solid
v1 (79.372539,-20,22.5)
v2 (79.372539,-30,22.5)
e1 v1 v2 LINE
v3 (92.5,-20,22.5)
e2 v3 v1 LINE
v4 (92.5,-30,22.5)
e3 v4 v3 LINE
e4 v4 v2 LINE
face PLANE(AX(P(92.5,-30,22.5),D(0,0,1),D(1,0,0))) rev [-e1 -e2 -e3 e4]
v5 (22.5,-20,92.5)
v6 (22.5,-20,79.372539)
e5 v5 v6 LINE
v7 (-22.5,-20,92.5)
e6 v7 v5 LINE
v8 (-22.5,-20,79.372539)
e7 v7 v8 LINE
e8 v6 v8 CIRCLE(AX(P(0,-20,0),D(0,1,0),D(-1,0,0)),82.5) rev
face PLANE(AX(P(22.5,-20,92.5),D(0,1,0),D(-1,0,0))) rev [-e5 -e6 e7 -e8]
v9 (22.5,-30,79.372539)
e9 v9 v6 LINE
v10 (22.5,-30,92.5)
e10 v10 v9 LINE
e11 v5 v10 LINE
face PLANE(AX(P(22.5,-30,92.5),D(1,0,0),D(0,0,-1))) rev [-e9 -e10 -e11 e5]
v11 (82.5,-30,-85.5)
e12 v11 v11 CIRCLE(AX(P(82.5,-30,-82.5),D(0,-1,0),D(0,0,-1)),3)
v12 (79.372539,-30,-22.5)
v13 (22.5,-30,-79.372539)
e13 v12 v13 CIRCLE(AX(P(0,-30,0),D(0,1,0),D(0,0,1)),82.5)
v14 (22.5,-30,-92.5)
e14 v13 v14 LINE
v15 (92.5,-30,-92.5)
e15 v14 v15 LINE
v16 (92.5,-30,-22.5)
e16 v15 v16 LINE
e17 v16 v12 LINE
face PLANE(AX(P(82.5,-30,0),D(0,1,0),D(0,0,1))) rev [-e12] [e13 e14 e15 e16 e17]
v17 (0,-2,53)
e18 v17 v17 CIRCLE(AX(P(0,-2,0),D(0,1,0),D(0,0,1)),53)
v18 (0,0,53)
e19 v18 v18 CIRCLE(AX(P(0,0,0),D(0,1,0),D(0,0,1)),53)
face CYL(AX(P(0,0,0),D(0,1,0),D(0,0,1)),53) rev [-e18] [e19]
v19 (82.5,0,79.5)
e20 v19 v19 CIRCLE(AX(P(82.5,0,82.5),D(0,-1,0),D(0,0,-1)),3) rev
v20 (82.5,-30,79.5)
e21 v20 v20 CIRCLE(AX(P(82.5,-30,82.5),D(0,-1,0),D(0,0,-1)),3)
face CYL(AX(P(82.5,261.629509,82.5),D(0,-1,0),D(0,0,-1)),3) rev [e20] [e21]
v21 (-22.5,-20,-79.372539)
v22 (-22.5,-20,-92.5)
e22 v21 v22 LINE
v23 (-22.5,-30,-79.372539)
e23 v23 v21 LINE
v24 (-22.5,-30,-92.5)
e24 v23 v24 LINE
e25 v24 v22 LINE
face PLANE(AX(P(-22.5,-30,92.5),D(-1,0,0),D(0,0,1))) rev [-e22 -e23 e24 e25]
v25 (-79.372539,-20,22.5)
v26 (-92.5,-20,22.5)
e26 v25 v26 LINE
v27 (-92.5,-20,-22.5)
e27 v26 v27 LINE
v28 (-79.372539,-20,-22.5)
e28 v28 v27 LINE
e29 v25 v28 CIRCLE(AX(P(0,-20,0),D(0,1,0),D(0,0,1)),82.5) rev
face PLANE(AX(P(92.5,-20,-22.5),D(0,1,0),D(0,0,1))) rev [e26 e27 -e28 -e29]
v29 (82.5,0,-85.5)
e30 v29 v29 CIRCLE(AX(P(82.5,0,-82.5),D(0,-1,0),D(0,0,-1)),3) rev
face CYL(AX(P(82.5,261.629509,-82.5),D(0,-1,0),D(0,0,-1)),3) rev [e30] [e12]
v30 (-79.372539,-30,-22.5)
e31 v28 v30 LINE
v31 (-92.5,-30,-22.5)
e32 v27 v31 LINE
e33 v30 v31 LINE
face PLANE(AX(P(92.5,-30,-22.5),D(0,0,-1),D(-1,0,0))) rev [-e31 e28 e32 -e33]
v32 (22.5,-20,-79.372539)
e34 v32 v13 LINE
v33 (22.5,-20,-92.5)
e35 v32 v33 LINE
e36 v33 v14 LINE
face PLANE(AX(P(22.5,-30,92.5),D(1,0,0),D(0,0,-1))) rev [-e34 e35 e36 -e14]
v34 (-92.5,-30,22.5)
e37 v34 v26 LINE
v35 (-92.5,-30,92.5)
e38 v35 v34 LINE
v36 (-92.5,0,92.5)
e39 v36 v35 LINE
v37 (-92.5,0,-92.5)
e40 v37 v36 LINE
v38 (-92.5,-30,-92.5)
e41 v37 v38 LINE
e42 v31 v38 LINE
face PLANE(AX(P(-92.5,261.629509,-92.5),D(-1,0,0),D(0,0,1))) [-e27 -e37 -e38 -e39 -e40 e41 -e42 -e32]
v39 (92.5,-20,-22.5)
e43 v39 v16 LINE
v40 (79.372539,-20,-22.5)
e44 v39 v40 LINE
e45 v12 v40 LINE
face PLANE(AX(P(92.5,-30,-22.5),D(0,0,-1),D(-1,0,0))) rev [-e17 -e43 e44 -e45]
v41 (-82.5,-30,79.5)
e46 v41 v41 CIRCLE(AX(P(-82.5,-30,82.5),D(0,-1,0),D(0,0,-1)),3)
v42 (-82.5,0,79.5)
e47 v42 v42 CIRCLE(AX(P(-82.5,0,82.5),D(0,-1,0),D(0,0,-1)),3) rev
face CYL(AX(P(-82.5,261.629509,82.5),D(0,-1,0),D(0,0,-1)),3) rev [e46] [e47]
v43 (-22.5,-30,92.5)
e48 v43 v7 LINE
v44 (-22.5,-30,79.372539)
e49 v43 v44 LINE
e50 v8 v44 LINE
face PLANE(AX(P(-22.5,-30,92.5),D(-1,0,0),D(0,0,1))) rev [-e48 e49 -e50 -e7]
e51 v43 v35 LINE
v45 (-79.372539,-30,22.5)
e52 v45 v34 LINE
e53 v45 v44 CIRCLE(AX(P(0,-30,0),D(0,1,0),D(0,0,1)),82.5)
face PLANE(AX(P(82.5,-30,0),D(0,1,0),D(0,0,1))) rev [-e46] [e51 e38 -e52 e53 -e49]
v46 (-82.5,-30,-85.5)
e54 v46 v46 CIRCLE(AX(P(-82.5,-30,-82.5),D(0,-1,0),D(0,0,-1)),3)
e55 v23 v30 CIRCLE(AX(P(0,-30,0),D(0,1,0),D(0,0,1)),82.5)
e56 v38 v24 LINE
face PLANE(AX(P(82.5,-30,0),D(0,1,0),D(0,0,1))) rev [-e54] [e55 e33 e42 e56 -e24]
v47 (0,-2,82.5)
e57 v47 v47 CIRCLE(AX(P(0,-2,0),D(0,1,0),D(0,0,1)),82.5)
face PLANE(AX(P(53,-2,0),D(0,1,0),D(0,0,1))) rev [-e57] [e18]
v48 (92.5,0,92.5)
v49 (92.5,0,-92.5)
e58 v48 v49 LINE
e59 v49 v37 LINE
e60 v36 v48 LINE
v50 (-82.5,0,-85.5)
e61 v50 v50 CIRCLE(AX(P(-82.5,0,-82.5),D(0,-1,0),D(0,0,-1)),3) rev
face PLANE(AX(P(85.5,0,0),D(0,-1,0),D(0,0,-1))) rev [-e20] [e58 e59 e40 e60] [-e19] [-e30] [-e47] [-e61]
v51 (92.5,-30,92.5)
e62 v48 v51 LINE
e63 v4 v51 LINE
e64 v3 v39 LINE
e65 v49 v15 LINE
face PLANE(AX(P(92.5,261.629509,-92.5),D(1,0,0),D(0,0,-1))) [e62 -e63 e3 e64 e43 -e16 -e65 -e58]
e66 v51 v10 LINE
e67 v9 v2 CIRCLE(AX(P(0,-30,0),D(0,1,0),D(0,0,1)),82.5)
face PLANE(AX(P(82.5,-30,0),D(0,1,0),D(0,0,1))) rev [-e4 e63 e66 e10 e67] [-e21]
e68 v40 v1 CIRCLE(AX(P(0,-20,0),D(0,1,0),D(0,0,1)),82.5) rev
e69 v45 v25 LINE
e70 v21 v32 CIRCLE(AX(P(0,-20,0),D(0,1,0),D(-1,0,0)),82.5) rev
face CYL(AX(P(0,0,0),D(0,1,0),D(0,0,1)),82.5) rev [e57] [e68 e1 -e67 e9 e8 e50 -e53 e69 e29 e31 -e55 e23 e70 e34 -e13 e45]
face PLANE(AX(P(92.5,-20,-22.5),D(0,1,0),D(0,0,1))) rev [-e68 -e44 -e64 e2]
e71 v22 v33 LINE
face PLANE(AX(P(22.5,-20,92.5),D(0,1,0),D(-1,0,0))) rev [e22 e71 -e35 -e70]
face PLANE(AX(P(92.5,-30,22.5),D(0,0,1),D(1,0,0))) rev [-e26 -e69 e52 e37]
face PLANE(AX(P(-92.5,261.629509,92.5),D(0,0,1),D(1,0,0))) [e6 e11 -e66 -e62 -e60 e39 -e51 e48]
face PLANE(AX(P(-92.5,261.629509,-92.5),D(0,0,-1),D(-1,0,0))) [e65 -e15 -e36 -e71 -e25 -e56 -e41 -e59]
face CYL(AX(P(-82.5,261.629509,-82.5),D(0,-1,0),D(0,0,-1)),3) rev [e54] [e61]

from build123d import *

# Parameters (mm, degrees)
BOSS_EXTRUDE1_START = -30
SKETCH2_W           = 185
SKETCH2_H           = 185
SKETCH2_R           = 85.5
SKETCH2_R_2         = 3
BOSS_EXTRUDE1_DEPTH = 30
SKETCH3_W           = 45
SKETCH3_H           = 10
CUT_EXTRUDE1_DEPTH  = 210.000598085
SKETCH4_W           = 45
SKETCH4_H           = 10
CUT_EXTRUDE2_DEPTH  = 210.000598085


with BuildPart() as part:
    # Sketch1 → Revolve1 (revolve)
    with BuildSketch(Plane.XY, mode=Mode.PRIVATE) as revolve1_sk:
        Polygon((53, -2), (82.5, -2), (82.5, -30), (85.5, -30), (85.5, 0), (53, 0), align=None)
    revolve(revolve1_sk.sketch.rotate(Axis((0, 0, 0), (0, -1, 0)), 90), axis=Axis((0, 0, 0), (0, -1, 0)))

    # Sketch2 → Boss-Extrude1 (add)
    with BuildSketch(Plane.XZ.offset(30).offset(BOSS_EXTRUDE1_START)):
        Rectangle(SKETCH2_W, SKETCH2_H)
        Circle(SKETCH2_R, mode=Mode.SUBTRACT)
        with Locations(Location((-82.5, -82.5, 0), (0, 0, 270))):
            Circle(SKETCH2_R_2, mode=Mode.SUBTRACT)
        with Locations(Location((82.5, -82.5, 0), (0, 0, 270))):
            Circle(SKETCH2_R_2, mode=Mode.SUBTRACT)
        with Locations(Location((82.5, 82.5, 0), (0, 0, 270))):
            Circle(SKETCH2_R_2, mode=Mode.SUBTRACT)
        with Locations(Location((-82.5, 82.5, 0), (0, 0, 270))):
            Circle(SKETCH2_R_2, mode=Mode.SUBTRACT)
    extrude(amount=BOSS_EXTRUDE1_DEPTH)

    # Sketch3 → Cut-Extrude1 (cut, through all)
    with BuildSketch(Plane.ZY.offset(92.5)):
        with Locations((0, -25)):
            Rectangle(SKETCH3_W, SKETCH3_H)
    extrude(amount=-CUT_EXTRUDE1_DEPTH, mode=Mode.SUBTRACT)

    # Sketch4 → Cut-Extrude2 (cut, through all)
    with BuildSketch(Plane(origin=(0, 0, -92.5), x_dir=(-1, 0, 0), z_dir=(0, 0, -1))):
        with Locations((0, -25)):
            Rectangle(SKETCH4_W, SKETCH4_H)
    extrude(amount=-CUT_EXTRUDE2_DEPTH, mode=Mode.SUBTRACT)


solid = part.part
